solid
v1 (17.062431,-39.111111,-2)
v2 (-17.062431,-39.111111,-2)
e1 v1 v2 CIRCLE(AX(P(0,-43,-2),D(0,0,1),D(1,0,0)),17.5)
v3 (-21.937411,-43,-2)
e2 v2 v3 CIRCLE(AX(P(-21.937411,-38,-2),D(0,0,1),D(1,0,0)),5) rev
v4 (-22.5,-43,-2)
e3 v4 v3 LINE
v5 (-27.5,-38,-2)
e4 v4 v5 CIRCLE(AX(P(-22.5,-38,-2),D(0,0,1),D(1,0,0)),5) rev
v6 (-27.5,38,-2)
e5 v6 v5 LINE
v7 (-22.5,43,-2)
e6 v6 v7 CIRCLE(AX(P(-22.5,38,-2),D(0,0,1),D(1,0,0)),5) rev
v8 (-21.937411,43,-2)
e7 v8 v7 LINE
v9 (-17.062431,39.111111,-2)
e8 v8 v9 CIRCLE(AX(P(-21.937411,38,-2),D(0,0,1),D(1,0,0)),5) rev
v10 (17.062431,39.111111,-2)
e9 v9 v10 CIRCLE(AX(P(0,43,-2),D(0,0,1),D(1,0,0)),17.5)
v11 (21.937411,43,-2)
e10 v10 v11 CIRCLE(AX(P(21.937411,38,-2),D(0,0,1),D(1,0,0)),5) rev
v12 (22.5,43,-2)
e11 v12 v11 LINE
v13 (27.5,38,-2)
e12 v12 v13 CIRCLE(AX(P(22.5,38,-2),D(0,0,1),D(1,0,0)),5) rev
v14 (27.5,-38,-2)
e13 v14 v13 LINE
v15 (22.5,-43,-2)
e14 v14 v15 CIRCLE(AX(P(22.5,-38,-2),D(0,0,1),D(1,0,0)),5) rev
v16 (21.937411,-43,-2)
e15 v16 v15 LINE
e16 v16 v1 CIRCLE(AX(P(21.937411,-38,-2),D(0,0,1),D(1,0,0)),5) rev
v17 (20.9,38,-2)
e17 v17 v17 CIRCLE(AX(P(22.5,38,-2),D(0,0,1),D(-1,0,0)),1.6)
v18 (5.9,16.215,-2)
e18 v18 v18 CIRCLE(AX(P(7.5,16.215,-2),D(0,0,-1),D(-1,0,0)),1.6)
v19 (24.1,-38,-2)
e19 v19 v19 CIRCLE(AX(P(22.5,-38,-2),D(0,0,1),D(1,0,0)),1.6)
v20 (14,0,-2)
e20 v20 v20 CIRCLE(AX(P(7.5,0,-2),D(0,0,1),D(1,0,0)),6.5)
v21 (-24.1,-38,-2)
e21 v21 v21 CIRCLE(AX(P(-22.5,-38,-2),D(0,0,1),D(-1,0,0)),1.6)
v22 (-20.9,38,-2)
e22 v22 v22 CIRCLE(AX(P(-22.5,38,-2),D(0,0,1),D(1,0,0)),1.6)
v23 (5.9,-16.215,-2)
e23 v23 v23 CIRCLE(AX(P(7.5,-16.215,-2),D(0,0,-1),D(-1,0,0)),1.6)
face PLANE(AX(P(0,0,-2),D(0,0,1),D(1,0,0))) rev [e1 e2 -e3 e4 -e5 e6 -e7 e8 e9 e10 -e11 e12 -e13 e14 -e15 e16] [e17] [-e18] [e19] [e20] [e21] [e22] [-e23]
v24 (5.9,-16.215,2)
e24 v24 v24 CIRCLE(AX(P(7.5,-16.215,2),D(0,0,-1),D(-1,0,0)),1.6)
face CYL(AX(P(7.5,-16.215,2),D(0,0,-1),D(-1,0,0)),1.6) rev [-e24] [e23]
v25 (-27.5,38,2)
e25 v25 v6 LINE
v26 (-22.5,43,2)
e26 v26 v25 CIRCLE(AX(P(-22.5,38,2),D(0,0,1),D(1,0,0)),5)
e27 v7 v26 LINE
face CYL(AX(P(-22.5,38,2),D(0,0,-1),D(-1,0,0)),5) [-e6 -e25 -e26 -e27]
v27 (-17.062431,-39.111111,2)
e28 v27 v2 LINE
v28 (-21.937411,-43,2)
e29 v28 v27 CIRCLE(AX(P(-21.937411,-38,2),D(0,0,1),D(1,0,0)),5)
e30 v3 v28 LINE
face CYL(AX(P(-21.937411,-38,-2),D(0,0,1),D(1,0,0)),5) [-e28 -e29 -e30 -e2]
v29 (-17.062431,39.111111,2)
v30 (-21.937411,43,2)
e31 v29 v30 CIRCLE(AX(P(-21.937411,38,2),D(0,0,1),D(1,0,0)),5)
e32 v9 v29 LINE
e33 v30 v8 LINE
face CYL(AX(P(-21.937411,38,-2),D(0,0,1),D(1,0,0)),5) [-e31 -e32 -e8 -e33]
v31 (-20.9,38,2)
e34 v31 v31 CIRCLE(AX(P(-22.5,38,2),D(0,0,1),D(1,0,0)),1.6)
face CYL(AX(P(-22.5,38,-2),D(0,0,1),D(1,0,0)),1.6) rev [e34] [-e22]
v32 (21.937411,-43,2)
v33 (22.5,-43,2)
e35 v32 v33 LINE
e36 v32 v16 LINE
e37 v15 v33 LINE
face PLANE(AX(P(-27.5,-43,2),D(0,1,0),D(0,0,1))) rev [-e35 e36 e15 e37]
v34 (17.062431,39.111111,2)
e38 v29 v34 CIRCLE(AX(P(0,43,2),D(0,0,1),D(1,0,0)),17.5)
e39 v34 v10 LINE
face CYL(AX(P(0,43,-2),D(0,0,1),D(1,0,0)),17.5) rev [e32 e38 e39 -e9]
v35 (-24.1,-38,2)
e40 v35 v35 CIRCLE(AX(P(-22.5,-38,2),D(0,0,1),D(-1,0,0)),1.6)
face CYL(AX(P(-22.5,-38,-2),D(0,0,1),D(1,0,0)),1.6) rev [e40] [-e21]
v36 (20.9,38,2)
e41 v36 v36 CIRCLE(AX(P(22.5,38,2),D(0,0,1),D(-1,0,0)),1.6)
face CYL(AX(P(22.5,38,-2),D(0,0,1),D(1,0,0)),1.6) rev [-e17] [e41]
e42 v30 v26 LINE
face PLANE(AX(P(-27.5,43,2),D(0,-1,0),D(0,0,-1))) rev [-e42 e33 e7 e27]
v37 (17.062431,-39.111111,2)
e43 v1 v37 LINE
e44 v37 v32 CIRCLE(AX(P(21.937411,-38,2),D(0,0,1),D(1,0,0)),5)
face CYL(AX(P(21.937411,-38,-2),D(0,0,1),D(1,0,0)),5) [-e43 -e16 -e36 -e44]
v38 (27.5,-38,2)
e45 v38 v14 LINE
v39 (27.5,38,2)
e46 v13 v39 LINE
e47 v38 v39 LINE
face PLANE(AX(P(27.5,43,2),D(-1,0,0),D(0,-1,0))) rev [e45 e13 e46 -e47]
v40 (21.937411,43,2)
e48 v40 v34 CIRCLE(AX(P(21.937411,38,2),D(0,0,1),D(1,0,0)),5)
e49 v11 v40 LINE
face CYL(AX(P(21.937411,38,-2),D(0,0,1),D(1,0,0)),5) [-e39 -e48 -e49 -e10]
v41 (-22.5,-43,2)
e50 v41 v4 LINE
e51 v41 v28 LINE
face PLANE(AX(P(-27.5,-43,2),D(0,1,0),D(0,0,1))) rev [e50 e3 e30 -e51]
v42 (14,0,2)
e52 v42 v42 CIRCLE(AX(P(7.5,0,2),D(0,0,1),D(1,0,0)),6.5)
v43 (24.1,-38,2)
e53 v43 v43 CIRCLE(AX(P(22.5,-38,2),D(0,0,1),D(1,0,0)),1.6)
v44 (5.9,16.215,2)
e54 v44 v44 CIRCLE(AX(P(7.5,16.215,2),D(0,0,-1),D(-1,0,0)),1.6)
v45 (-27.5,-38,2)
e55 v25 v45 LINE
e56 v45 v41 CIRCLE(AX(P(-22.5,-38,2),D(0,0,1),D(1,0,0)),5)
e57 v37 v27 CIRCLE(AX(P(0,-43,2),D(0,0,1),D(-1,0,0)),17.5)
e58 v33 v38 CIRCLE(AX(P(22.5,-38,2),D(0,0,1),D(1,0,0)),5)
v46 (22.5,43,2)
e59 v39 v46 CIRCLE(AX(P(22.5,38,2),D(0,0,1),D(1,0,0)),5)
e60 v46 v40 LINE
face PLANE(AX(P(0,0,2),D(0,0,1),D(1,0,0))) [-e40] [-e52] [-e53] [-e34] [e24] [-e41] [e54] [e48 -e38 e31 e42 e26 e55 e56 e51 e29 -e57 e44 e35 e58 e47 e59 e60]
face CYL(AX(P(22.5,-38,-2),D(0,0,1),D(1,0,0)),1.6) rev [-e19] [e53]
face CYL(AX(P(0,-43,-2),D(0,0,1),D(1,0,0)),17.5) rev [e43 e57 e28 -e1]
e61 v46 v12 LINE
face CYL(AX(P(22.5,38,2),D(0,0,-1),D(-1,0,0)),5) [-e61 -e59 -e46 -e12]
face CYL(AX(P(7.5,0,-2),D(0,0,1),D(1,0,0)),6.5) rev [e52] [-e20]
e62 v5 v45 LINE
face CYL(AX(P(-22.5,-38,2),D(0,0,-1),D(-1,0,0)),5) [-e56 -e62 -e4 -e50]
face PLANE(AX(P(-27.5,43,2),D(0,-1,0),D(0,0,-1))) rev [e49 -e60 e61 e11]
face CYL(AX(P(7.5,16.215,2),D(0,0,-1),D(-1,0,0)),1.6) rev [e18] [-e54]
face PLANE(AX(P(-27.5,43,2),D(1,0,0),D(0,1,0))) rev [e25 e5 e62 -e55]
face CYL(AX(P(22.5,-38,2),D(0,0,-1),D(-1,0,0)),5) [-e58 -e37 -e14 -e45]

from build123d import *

# Parameters (mm, degrees)
SKETCH_1_W          = 55
SKETCH_1_H          = 86
EXTRUDE_1_DEPTH     = 2
SKETCH_2_R          = 6.5
CUT_EXTRUDE_1_DEPTH = 52.198144498
SKETCH_3_R          = 1.6
CUT_EXTRUDE_2_DEPTH = 52.198144498
SKETCH_4_R          = 1.6
CUT_EXTRUDE_3_DEPTH = 52.198144498
SKETCH_7_R          = 17.5
CUT_EXTRUDE_6_DEPTH = 52.198144498
FILLET_2_R          = 5


with BuildPart() as part:
    # ｽｹｯﾁ1 → ﾎﾞｽ - 押し出し1 (new, symmetric)
    with BuildSketch(Plane.XY):
        Rectangle(SKETCH_1_W, SKETCH_1_H)
    extrude(amount=EXTRUDE_1_DEPTH, both=True)

    # ｽｹｯﾁ2 → ｶｯﾄ - 押し出し1 (cut, through all)
    with BuildSketch(Plane.XY.offset(2)):
        with Locations((7.5, 0)):
            Circle(SKETCH_2_R)
    extrude(amount=-CUT_EXTRUDE_1_DEPTH, mode=Mode.SUBTRACT)

    # ｽｹｯﾁ3 → ｶｯﾄ - 押し出し2 (cut, through all)
    with BuildSketch(Plane.XY.offset(2)):
        with Locations((-22.5, 38)):
            Circle(SKETCH_3_R)
        with Locations(Location((22.5, 38, 0), (0, 0, 180))):
            Circle(SKETCH_3_R)
        with Locations((22.5, -38)):
            Circle(SKETCH_3_R)
        with Locations(Location((-22.5, -38, 0), (0, 0, 180))):
            Circle(SKETCH_3_R)
    extrude(amount=-CUT_EXTRUDE_2_DEPTH, mode=Mode.SUBTRACT)

    # ｽｹｯﾁ4 → ｶｯﾄ - 押し出し3 (cut, through all)
    with BuildSketch(Plane(origin=(0, 0, -2), x_dir=(-1, 0, 0), z_dir=(0, 0, -1))):
        with Locations((-7.5, 16.215)):
            Circle(SKETCH_4_R)
        with Locations((-7.5, -16.215)):
            Circle(SKETCH_4_R)
    extrude(amount=-CUT_EXTRUDE_3_DEPTH, mode=Mode.SUBTRACT)

    # ｽｹｯﾁ7 → ｶｯﾄ - 押し出し6 (cut, through all)
    with BuildSketch(Plane.XY.offset(2)):
        with Locations((0, 43)):
            Circle(SKETCH_7_R)
        with Locations((0, -43)):
            Circle(SKETCH_7_R)
    extrude(amount=-CUT_EXTRUDE_6_DEPTH, mode=Mode.SUBTRACT)

    # ﾌｨﾚｯﾄ2
    fillet_2_edges = [part.edges().sort_by_distance(p)[0] for p in [
        (17.5, 43, 0),
        (-17.5, 43, 0),
        (-17.5, -43, 0),
        (17.5, -43, 0),
        (27.5, -43, 0),
        (-27.5, -43, 0),
        (-27.5, 43, 0),
        (27.5, 43, 0),
    ]]
    fillet(fillet_2_edges, radius=FILLET_2_R)


solid = part.part
